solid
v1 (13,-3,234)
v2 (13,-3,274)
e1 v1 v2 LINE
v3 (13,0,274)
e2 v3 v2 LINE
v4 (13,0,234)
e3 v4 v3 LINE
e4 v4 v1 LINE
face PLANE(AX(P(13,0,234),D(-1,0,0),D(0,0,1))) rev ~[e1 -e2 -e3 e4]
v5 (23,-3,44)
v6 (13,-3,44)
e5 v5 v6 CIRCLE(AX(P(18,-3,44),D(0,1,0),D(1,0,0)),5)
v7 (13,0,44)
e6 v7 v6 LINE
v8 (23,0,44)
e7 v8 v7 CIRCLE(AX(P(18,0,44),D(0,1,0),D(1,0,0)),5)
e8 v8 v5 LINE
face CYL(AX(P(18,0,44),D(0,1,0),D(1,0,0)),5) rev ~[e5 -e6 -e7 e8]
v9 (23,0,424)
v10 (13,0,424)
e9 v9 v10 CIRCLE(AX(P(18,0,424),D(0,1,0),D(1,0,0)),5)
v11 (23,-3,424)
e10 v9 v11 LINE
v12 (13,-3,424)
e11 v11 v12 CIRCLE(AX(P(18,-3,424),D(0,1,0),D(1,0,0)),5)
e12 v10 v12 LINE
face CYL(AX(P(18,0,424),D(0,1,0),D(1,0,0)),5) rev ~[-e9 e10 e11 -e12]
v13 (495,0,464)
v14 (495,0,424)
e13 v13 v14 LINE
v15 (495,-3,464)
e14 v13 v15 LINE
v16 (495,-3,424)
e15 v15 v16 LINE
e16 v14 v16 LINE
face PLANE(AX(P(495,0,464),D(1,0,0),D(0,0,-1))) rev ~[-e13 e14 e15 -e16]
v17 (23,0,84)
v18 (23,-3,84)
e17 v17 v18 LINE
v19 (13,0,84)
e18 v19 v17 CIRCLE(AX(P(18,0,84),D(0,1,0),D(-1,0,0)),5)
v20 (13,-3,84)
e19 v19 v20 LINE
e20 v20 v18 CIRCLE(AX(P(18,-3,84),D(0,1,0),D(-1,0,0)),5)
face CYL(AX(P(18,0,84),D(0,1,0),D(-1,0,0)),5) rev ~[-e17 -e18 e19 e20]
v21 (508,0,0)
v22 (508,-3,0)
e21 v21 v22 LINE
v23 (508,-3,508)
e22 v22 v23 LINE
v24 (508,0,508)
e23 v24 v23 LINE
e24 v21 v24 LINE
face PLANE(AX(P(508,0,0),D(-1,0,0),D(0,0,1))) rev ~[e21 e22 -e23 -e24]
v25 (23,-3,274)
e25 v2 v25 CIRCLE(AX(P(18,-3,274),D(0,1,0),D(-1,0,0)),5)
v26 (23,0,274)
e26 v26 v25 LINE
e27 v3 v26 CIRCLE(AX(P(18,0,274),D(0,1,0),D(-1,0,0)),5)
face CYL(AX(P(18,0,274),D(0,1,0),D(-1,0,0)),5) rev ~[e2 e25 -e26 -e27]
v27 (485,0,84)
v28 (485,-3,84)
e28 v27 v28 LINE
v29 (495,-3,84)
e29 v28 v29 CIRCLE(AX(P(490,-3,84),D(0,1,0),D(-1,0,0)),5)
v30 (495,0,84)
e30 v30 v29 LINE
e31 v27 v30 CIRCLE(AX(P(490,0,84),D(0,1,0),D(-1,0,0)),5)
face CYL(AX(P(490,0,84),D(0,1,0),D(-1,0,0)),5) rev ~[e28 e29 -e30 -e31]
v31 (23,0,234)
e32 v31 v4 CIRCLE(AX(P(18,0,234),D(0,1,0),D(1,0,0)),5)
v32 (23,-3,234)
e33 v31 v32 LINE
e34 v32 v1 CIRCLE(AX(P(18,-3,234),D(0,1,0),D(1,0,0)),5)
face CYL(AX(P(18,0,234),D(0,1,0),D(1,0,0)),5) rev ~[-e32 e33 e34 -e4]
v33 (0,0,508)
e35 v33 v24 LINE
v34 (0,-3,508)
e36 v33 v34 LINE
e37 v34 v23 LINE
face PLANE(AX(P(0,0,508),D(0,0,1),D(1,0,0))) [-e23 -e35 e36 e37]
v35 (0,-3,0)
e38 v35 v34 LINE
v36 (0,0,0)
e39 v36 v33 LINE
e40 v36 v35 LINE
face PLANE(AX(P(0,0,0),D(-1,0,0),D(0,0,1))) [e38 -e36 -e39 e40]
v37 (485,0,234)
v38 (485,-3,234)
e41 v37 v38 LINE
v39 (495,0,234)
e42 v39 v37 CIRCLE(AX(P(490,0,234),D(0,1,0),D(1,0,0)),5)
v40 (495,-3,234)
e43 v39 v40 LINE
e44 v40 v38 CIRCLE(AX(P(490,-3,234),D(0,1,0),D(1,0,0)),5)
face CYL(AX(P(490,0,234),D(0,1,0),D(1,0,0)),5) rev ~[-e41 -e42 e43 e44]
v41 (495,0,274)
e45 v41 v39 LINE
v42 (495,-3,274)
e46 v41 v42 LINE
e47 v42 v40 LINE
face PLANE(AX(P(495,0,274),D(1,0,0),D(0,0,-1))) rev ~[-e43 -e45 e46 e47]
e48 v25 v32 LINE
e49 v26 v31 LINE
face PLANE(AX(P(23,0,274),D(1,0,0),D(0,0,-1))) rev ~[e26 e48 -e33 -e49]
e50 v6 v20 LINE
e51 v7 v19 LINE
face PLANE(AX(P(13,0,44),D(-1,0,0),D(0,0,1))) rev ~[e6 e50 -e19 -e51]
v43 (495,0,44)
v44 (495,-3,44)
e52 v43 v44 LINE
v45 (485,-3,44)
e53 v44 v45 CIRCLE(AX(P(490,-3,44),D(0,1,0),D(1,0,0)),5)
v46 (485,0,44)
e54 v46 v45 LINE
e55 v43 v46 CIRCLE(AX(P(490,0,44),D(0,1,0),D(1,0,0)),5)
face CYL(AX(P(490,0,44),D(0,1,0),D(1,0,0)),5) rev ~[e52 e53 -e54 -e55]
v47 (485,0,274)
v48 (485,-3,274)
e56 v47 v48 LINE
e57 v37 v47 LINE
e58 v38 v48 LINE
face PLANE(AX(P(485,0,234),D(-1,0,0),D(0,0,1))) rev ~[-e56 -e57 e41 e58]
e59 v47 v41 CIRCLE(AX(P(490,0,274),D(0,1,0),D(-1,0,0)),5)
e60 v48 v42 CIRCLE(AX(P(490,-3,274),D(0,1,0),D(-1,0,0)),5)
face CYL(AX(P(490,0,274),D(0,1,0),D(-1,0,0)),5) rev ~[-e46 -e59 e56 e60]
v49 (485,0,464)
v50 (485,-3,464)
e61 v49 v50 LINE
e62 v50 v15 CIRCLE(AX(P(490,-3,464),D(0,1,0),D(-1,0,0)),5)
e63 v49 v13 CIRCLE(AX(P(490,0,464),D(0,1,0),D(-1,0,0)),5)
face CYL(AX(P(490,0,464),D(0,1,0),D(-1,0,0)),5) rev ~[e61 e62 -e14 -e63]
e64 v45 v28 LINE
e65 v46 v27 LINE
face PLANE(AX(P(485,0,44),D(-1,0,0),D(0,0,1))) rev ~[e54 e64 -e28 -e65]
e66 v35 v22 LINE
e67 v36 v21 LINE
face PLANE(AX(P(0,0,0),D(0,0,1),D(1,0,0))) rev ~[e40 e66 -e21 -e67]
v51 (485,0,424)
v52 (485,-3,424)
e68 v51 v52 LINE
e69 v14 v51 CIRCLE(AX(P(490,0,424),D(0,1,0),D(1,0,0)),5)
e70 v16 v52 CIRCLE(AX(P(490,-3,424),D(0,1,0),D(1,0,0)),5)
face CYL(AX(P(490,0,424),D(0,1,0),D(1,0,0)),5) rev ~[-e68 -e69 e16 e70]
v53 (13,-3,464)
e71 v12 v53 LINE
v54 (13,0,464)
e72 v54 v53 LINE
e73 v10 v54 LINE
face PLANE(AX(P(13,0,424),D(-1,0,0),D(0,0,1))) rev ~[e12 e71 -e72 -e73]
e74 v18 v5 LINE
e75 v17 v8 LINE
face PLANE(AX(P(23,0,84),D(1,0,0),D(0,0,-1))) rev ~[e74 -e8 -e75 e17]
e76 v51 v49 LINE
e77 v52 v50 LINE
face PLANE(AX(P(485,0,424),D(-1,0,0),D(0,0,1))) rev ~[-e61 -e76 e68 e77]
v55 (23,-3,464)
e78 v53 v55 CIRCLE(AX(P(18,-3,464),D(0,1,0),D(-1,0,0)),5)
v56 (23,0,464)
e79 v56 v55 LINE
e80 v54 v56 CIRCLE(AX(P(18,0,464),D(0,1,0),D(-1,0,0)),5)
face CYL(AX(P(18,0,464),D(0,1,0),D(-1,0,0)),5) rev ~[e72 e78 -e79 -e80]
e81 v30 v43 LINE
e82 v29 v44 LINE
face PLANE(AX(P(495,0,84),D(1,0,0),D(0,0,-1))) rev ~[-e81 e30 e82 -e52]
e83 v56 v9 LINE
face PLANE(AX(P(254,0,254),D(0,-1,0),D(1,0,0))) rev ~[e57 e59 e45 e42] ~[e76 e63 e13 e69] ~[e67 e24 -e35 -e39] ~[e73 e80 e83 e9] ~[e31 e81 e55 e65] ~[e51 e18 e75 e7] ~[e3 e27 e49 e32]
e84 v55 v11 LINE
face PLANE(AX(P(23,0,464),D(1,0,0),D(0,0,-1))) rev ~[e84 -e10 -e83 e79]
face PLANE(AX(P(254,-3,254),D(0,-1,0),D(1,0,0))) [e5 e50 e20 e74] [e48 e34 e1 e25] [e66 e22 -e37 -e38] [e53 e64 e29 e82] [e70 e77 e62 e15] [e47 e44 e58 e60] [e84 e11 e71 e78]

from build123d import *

# Parameters (mm, degrees)
F0_W     = 508
F0_H     = 508
F1_DEPTH = 3


with BuildPart() as f1:
    # F0 (on Front) → F1 (new body)
    with BuildSketch(Plane.XZ):
        with Locations((254, 254)):
            Rectangle(F0_W, F0_H)
        with BuildLine():
            ThreePointArc((13, 84), (18, 89), (23, 84))
            Line((23, 84), (23, 44))
            ThreePointArc((23, 44), (18, 39), (13, 44))
            Line((13, 44), (13, 84))
        make_face(mode=Mode.SUBTRACT)
        with BuildLine():
            ThreePointArc((495, 44), (490, 39), (485, 44))
            Line((485, 44), (485, 84))
            ThreePointArc((485, 84), (490, 89), (495, 84))
            Line((495, 84), (495, 44))
        make_face(mode=Mode.SUBTRACT)
        with BuildLine():
            ThreePointArc((13, 274), (18, 279), (23, 274))
            Line((23, 274), (23, 234))
            ThreePointArc((23, 234), (18, 229), (13, 234))
            Line((13, 234), (13, 274))
        make_face(mode=Mode.SUBTRACT)
        with BuildLine():
            ThreePointArc((13, 464), (18, 469), (23, 464))
            Line((23, 464), (23, 424))
            ThreePointArc((23, 424), (18, 419), (13, 424))
            Line((13, 424), (13, 464))
        make_face(mode=Mode.SUBTRACT)
        with BuildLine():
            ThreePointArc((485, 274), (490, 279), (495, 274))
            Line((495, 274), (495, 234))
            ThreePointArc((495, 234), (490, 229), (485, 234))
            Line((485, 234), (485, 274))
        make_face(mode=Mode.SUBTRACT)
        with BuildLine():
            ThreePointArc((485, 464), (490, 469), (495, 464))
            Line((495, 464), (495, 424))
            ThreePointArc((495, 424), (490, 419), (485, 424))
            Line((485, 424), (485, 464))
        make_face(mode=Mode.SUBTRACT)
    extrude(amount=F1_DEPTH)


solid = f1.part
